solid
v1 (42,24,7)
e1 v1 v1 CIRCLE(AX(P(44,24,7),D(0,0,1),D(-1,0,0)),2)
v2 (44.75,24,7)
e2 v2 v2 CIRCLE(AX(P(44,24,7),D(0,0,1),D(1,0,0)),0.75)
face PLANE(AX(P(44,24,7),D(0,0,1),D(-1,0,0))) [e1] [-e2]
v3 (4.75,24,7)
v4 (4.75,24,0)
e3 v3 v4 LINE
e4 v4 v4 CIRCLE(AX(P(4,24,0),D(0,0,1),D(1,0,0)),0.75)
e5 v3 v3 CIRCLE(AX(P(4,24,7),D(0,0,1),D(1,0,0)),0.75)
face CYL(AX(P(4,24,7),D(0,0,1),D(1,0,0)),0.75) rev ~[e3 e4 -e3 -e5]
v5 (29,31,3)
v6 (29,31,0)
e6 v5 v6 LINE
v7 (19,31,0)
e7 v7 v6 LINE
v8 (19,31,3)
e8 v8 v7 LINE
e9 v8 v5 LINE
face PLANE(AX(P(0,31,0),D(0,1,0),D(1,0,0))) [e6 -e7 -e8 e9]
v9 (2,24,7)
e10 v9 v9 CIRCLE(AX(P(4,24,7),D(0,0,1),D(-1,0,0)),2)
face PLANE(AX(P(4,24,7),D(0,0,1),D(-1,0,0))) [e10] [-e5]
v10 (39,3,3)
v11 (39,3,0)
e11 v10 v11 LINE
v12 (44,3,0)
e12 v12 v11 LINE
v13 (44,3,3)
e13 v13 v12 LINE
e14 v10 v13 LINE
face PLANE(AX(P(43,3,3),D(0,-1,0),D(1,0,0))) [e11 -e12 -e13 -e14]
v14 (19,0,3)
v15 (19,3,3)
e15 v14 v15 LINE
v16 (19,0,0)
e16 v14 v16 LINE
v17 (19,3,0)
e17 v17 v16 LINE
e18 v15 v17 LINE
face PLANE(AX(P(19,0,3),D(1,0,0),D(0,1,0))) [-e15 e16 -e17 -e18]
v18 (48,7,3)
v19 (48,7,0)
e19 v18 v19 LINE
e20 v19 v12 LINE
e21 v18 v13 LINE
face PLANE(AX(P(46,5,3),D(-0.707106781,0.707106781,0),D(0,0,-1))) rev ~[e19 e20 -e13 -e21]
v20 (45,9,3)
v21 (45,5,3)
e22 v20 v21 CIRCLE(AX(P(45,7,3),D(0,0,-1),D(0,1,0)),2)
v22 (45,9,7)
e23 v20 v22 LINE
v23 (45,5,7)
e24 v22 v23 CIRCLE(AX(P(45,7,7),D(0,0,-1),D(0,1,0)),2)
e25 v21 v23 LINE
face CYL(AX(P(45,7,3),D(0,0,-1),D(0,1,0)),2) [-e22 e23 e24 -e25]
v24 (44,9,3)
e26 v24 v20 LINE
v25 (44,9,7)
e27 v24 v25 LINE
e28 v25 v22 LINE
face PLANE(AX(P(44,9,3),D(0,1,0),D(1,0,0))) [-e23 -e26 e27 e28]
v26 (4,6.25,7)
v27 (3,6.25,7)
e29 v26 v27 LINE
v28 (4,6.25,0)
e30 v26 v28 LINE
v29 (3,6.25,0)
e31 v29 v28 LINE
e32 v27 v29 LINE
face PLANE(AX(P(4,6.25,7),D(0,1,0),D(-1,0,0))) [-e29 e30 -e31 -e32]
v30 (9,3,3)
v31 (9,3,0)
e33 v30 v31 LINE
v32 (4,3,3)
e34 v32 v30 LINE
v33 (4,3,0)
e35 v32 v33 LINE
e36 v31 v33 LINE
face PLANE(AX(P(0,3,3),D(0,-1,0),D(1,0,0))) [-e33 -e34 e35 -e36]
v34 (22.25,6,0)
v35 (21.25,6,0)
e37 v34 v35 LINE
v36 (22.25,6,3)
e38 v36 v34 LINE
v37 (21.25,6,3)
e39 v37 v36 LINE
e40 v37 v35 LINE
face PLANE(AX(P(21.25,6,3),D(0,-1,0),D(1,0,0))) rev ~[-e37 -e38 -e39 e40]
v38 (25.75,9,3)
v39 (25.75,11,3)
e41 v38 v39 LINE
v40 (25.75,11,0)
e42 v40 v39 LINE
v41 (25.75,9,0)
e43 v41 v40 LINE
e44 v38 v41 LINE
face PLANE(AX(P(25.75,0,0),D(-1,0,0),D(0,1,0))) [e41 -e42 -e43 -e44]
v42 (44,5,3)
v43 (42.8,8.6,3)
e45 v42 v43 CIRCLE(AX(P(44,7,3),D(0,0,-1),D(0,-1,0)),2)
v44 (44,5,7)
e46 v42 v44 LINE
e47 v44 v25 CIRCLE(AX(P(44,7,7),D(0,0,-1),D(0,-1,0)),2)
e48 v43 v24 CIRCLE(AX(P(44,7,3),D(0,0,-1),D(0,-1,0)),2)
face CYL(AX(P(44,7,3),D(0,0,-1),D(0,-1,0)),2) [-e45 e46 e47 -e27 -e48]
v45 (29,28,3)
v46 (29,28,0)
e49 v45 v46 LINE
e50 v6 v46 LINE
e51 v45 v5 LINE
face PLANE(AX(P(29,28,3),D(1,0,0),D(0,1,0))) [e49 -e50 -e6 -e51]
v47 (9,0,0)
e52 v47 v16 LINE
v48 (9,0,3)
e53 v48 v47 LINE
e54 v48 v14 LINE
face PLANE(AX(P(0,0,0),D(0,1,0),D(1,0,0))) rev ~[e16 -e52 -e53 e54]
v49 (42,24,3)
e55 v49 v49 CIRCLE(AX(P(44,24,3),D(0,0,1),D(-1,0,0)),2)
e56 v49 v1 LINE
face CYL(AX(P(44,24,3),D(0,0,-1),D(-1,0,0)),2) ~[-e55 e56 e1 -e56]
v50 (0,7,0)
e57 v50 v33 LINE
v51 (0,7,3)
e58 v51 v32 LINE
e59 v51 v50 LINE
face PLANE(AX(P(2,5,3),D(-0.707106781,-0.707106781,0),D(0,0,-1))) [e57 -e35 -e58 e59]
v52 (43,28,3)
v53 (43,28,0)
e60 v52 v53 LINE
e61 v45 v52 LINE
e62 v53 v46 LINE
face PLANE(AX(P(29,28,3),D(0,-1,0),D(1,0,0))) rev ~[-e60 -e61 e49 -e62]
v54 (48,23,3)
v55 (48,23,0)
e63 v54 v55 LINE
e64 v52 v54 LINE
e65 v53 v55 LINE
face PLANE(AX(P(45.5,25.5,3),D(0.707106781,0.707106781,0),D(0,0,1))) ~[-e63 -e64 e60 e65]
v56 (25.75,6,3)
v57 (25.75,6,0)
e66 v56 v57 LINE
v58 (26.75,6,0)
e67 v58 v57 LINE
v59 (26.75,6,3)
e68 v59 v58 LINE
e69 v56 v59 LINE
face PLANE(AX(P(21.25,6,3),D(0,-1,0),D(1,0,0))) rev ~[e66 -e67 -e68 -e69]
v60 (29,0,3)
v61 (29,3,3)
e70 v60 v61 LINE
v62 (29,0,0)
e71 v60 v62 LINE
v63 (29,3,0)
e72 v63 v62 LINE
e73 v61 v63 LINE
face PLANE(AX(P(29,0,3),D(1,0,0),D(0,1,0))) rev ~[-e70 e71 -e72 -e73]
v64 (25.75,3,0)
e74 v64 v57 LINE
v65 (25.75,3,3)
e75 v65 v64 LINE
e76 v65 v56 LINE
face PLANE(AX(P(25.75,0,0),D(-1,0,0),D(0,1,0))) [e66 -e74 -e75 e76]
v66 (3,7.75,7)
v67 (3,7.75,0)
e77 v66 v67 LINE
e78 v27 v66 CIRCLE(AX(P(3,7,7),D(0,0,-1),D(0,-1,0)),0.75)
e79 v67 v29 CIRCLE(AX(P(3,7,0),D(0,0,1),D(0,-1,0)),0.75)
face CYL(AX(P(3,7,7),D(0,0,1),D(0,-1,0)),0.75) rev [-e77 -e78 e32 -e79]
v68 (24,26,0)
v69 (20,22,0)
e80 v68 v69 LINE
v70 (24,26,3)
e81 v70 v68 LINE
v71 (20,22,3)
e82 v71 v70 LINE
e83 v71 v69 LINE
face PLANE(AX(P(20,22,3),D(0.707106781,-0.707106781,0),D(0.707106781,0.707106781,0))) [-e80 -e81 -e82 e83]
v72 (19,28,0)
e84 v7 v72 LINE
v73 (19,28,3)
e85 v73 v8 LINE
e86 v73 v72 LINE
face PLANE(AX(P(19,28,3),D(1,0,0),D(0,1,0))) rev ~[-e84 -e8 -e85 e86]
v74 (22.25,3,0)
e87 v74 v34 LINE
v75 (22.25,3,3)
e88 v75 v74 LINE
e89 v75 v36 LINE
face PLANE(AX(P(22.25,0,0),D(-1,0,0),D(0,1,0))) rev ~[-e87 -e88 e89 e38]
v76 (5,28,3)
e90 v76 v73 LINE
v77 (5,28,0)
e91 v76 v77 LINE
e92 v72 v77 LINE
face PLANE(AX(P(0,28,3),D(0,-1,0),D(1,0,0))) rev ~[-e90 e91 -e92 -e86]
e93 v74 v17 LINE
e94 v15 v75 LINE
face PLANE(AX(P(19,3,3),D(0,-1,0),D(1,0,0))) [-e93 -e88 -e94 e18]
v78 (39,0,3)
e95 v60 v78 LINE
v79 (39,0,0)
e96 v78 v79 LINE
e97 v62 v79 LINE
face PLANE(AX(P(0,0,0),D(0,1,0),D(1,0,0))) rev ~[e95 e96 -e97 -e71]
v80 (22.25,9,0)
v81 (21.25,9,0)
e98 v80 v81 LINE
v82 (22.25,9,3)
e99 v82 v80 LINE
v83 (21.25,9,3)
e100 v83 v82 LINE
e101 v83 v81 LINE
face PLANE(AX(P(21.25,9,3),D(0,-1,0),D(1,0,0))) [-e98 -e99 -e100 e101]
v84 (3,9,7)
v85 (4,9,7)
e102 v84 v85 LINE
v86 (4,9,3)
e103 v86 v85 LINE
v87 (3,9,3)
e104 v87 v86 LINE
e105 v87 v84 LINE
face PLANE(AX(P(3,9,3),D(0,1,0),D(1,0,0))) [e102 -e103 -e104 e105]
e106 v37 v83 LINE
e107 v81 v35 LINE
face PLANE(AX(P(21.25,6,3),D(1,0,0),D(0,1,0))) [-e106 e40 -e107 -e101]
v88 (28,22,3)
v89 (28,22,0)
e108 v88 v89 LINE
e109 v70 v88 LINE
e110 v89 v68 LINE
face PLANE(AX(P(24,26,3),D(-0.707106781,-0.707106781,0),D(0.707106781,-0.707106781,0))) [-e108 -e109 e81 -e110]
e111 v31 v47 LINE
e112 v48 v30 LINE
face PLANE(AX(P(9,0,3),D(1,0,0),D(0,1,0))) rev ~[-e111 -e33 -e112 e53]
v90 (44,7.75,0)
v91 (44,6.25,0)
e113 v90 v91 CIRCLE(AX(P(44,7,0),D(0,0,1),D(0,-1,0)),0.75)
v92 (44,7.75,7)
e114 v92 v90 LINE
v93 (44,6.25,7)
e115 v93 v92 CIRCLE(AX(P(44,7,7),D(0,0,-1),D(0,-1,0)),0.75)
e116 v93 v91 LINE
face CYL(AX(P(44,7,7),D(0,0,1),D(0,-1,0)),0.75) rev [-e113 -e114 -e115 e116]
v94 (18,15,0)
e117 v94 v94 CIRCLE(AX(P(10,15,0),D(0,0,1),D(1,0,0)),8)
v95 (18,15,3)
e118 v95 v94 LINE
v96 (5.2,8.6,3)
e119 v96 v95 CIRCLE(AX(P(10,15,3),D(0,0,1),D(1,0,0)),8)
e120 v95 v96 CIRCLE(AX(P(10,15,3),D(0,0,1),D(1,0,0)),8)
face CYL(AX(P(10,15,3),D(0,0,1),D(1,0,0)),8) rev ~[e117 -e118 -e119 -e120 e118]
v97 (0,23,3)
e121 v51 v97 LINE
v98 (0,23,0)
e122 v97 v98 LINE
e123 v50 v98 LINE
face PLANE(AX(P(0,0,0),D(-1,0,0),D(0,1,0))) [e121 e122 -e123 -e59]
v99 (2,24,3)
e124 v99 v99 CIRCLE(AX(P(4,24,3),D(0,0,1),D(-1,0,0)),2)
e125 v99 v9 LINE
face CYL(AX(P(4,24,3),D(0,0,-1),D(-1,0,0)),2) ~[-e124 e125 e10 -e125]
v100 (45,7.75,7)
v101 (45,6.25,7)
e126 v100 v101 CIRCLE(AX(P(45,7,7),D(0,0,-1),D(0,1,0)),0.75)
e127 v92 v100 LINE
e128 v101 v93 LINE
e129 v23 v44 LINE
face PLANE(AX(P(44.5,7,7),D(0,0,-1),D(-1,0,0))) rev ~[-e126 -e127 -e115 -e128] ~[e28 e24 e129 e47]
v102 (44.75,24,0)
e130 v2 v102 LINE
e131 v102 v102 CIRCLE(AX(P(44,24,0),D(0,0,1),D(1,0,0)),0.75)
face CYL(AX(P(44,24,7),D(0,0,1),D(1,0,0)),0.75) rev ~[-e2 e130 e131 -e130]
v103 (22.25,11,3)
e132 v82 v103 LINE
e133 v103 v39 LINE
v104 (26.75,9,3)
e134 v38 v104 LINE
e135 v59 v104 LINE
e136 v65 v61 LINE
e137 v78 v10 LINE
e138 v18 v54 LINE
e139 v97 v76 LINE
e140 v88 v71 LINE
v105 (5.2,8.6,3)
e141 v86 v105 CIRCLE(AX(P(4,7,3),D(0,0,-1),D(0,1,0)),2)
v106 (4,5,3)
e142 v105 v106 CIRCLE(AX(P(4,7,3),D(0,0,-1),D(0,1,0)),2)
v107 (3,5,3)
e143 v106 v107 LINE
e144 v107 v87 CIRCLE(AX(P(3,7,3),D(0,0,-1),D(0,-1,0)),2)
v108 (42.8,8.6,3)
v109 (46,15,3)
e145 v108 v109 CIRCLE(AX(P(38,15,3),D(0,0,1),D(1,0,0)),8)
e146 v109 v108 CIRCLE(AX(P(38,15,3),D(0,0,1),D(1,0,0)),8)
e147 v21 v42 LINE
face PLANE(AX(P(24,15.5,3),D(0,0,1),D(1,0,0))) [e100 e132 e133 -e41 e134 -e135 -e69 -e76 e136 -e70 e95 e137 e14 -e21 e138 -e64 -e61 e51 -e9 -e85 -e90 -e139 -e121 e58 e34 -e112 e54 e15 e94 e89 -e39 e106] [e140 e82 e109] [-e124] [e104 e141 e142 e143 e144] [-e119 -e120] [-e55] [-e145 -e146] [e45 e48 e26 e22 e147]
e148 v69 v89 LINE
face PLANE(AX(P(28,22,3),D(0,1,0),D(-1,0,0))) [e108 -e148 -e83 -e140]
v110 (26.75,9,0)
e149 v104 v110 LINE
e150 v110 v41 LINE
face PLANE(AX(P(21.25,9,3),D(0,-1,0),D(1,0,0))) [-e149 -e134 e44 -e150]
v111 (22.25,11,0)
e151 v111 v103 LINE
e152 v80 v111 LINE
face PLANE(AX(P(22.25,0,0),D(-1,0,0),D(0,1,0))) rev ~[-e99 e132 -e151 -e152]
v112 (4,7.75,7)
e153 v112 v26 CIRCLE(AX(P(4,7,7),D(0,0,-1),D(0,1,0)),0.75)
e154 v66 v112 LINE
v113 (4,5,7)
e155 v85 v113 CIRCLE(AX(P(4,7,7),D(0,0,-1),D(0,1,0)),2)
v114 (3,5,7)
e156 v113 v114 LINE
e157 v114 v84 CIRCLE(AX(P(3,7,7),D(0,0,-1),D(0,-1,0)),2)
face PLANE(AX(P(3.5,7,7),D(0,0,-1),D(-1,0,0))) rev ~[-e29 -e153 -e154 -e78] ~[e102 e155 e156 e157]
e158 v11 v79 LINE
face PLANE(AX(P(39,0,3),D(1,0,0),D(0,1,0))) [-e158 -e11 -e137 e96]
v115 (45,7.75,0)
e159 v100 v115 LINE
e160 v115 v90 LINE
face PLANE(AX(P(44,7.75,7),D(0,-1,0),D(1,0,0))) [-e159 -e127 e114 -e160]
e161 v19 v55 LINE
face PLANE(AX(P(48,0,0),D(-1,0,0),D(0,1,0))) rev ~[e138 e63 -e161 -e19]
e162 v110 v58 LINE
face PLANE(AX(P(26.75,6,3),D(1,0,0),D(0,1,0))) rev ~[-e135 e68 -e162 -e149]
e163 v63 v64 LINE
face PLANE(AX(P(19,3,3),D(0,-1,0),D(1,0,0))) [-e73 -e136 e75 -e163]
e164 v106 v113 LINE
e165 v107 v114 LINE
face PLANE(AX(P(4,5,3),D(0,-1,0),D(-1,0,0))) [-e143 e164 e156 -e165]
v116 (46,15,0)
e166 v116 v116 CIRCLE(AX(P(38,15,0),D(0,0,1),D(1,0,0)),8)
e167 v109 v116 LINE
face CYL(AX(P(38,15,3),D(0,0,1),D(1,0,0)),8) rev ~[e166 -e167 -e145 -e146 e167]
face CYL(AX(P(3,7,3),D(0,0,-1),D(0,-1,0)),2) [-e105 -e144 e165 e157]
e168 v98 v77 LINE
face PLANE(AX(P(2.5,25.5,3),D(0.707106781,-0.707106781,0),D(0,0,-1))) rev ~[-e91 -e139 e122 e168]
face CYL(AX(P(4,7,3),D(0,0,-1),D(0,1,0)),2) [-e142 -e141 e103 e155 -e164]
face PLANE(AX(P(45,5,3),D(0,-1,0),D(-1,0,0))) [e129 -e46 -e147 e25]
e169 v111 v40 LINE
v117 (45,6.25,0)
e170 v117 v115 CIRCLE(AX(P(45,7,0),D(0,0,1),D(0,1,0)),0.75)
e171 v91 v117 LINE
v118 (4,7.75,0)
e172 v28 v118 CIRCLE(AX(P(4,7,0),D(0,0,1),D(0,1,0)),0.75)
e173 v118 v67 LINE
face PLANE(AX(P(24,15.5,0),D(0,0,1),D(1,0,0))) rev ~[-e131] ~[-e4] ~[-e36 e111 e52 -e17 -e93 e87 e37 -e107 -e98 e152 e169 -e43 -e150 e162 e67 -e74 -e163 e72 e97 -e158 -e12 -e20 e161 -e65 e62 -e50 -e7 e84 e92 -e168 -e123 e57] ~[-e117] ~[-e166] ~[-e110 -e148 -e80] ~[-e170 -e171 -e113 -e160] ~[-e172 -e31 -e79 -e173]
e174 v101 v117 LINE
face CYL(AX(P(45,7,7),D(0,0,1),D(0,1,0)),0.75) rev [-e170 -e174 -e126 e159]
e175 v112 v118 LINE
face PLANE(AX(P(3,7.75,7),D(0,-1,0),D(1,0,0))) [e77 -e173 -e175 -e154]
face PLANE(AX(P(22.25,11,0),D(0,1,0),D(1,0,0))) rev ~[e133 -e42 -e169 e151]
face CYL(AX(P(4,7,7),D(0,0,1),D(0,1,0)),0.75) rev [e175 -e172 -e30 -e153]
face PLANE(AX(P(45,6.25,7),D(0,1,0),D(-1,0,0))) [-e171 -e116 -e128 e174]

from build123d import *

# Parameters (mm, degrees)
ESQUISSE1_W              = 48
ESQUISSE1_H              = 31
BOSS_EXTRU_1_DEPTH       = 3
ENL_V_MAT_EXTRU_2_REACH  = 59.219
ESQUISSE3_W              = 10
ESQUISSE3_H              = 3
ENL_V_MAT_EXTRU_3_REACH  = 59.219
ESQUISSE4_W              = 5.5
ESQUISSE4_H              = 3
ENL_V_START              = -3
ESQUISSE5_W              = 3.5
ESQUISSE5_H              = 11
ENL_V_MAT_EXTRU_4_DEPTH  = 3
ENL_V_MAT_EXTRU_7_REACH  = 59.219
ESQUISSE8_W              = 5
ESQUISSE8_H              = 3
ENL_V_MAT_EXTRU_8_REACH  = 59.219
ESQUISSE9_W              = 5
ESQUISSE9_H              = 3
ENL_V_MAT_EXTRU_14_REACH = 59.219
ESQUISSE18_W             = 4
ESQUISSE18_H             = 3
ENL_V_MAT_EXTRU_19_REACH = 59.219
ESQUISSE23_W             = 4
ESQUISSE23_H             = 3
ENL_V_MAT_EXTRU_20_REACH = 59.219
ENL_V_MAT_EXTRU_21_REACH = 59.219
ESQUISSE25_W             = 19
ESQUISSE25_H             = 3
ENL_V_MAT_EXTRU_22_REACH = 59.219
ESQUISSE26_W             = 19
ESQUISSE26_H             = 3
ENL_V_MAT_EXTRU_23_REACH = 59.219
ESQUISSE27_R             = 8
ENL_V_MAT_EXTRU_24_REACH = 59.219
ESQUISSE28_R             = 8
ESQUISSE29_R             = 2
BOSS_EXTRU_5_DEPTH       = 4
ESQUISSE30_R             = 2
BOSS_EXTRU_6_DEPTH       = 4
ENL_V_MAT_EXTRU_25_REACH = 59.567
ESQUISSE31_R             = 0.75
ENL_V_MAT_EXTRU_26_REACH = 59.567
ESQUISSE32_R             = 0.75
BOSS_EXTRU_7_DEPTH       = 4
BOSS_EXTRU_8_DEPTH       = 4
ENL_V_MAT_EXTRU_27_REACH = 59.567
ENL_V_MAT_EXTRU_29_REACH = 59.567
CHANFREIN4_SIZE          = 5
CHANFREIN5_SIZE          = 4


with BuildPart() as part:
    # Esquisse1 → Boss.-Extru.1 (new body)
    with BuildSketch(Plane.XY):
        with Locations((24, 15.5)):
            Rectangle(ESQUISSE1_W, ESQUISSE1_H)
    extrude(amount=BOSS_EXTRU_1_DEPTH)

    # Esquisse3 → Enlèv. mat.-Extru.2 (cut, up to next)
    with BuildSketch(Plane.XY.offset(3), mode=Mode.PRIVATE) as enl_v_mat_extru_2_sk1:
        with Locations((24, 1.5)):
            Rectangle(ESQUISSE3_W, ESQUISSE3_H)
    enl_v_mat_extru_2_tool1 = extrude(enl_v_mat_extru_2_sk1.sketch, amount=-ENL_V_MAT_EXTRU_2_REACH, mode=Mode.PRIVATE) & part.part
    add(enl_v_mat_extru_2_tool1.solids().sort_by_distance((24, 1.5, 3))[0], mode=Mode.SUBTRACT)

    # Esquisse4 → Enlèv. mat.-Extru.3 (cut, up to next)
    with BuildSketch(Plane.XY.offset(3), mode=Mode.PRIVATE) as enl_v_mat_extru_3_sk1:
        with Locations((24, 7.5)):
            Rectangle(ESQUISSE4_W, ESQUISSE4_H)
    enl_v_mat_extru_3_tool1 = extrude(enl_v_mat_extru_3_sk1.sketch, amount=-ENL_V_MAT_EXTRU_3_REACH, mode=Mode.PRIVATE) & part.part
    add(enl_v_mat_extru_3_tool1.solids().sort_by_distance((24, 7.5, 3))[0], mode=Mode.SUBTRACT)

    # Esquisse5 → Enlèv. mat.-Extru.4 (cut)
    with BuildSketch(Plane.XY.offset(3).offset(ENL_V_START)):
        with Locations((24, 5.5)):
            Rectangle(ESQUISSE5_W, ESQUISSE5_H)
    extrude(amount=ENL_V_MAT_EXTRU_4_DEPTH, mode=Mode.SUBTRACT)

    # Esquisse8 → Enlèv. mat.-Extru.7 (cut, up to next)
    with BuildSketch(Plane.XY.offset(3), mode=Mode.PRIVATE) as enl_v_mat_extru_7_sk1:
        with Locations((2.5, 1.5)):
            Rectangle(ESQUISSE8_W, ESQUISSE8_H)
    enl_v_mat_extru_7_tool1 = extrude(enl_v_mat_extru_7_sk1.sketch, amount=-ENL_V_MAT_EXTRU_7_REACH, mode=Mode.PRIVATE) & part.part
    add(enl_v_mat_extru_7_tool1.solids().sort_by_distance((2.5, 1.5, 3))[0], mode=Mode.SUBTRACT)

    # Esquisse9 → Enlèv. mat.-Extru.8 (cut, up to next)
    with BuildSketch(Plane.XY.offset(3), mode=Mode.PRIVATE) as enl_v_mat_extru_8_sk1:
        with Locations((45.5, 1.5)):
            Rectangle(ESQUISSE9_W, ESQUISSE9_H)
    enl_v_mat_extru_8_tool1 = extrude(enl_v_mat_extru_8_sk1.sketch, amount=-ENL_V_MAT_EXTRU_8_REACH, mode=Mode.PRIVATE) & part.part
    add(enl_v_mat_extru_8_tool1.solids().sort_by_distance((45.5, 1.5, 3))[0], mode=Mode.SUBTRACT)

    # Esquisse18 → Enlèv. mat.-Extru.14 (cut, up to next)
    with BuildSketch(Plane.XY.offset(3), mode=Mode.PRIVATE) as enl_v_mat_extru_14_sk1:
        with Locations((41, 1.5)):
            Rectangle(ESQUISSE18_W, ESQUISSE18_H)
    enl_v_mat_extru_14_tool1 = extrude(enl_v_mat_extru_14_sk1.sketch, amount=-ENL_V_MAT_EXTRU_14_REACH, mode=Mode.PRIVATE) & part.part
    add(enl_v_mat_extru_14_tool1.solids().sort_by_distance((41, 1.5, 3))[0], mode=Mode.SUBTRACT)

    # Esquisse23 → Enlèv. mat.-Extru.19 (cut, up to next)
    with BuildSketch(Plane.XY.offset(3), mode=Mode.PRIVATE) as enl_v_mat_extru_19_sk1:
        with Locations((7, 1.5)):
            Rectangle(ESQUISSE23_W, ESQUISSE23_H)
    enl_v_mat_extru_19_tool1 = extrude(enl_v_mat_extru_19_sk1.sketch, amount=-ENL_V_MAT_EXTRU_19_REACH, mode=Mode.PRIVATE) & part.part
    add(enl_v_mat_extru_19_tool1.solids().sort_by_distance((7, 1.5, 3))[0], mode=Mode.SUBTRACT)

    # Esquisse24 → Enlèv. mat.-Extru.20 (cut, up to next)
    with BuildSketch(Plane.XY.offset(3), mode=Mode.PRIVATE) as enl_v_mat_extru_20_sk1:
        Polygon((20, 22), (24, 26), (28, 22), align=None)
    enl_v_mat_extru_20_tool1 = extrude(enl_v_mat_extru_20_sk1.sketch, amount=-ENL_V_MAT_EXTRU_20_REACH, mode=Mode.PRIVATE) & part.part
    add(enl_v_mat_extru_20_tool1.solids().sort_by_distance((24, 23.333333, 3))[0], mode=Mode.SUBTRACT)

    # Esquisse25 → Enlèv. mat.-Extru.21 (cut, up to next)
    with BuildSketch(Plane.XY.offset(3), mode=Mode.PRIVATE) as enl_v_mat_extru_21_sk1:
        with Locations((38.5, 29.5)):
            Rectangle(ESQUISSE25_W, ESQUISSE25_H)
    enl_v_mat_extru_21_tool1 = extrude(enl_v_mat_extru_21_sk1.sketch, amount=-ENL_V_MAT_EXTRU_21_REACH, mode=Mode.PRIVATE) & part.part
    add(enl_v_mat_extru_21_tool1.solids().sort_by_distance((38.5, 29.5, 3))[0], mode=Mode.SUBTRACT)

    # Esquisse26 → Enlèv. mat.-Extru.22 (cut, up to next)
    with BuildSketch(Plane.XY.offset(3), mode=Mode.PRIVATE) as enl_v_mat_extru_22_sk1:
        with Locations((9.5, 29.5)):
            Rectangle(ESQUISSE26_W, ESQUISSE26_H)
    enl_v_mat_extru_22_tool1 = extrude(enl_v_mat_extru_22_sk1.sketch, amount=-ENL_V_MAT_EXTRU_22_REACH, mode=Mode.PRIVATE) & part.part
    add(enl_v_mat_extru_22_tool1.solids().sort_by_distance((9.5, 29.5, 3))[0], mode=Mode.SUBTRACT)

    # Esquisse27 → Enlèv. mat.-Extru.23 (cut, up to next)
    with BuildSketch(Plane.XY.offset(3), mode=Mode.PRIVATE) as enl_v_mat_extru_23_sk1:
        with Locations((38, 15)):
            Circle(ESQUISSE27_R)
    enl_v_mat_extru_23_tool1 = extrude(enl_v_mat_extru_23_sk1.sketch, amount=-ENL_V_MAT_EXTRU_23_REACH, mode=Mode.PRIVATE) & part.part
    add(enl_v_mat_extru_23_tool1.solids().sort_by_distance((38, 15, 3))[0], mode=Mode.SUBTRACT)

    # Esquisse28 → Enlèv. mat.-Extru.24 (cut, up to next)
    with BuildSketch(Plane.XY.offset(3), mode=Mode.PRIVATE) as enl_v_mat_extru_24_sk1:
        with Locations((10, 15)):
            Circle(ESQUISSE28_R)
    enl_v_mat_extru_24_tool1 = extrude(enl_v_mat_extru_24_sk1.sketch, amount=-ENL_V_MAT_EXTRU_24_REACH, mode=Mode.PRIVATE) & part.part
    add(enl_v_mat_extru_24_tool1.solids().sort_by_distance((10, 15, 3))[0], mode=Mode.SUBTRACT)

    # Esquisse29 → Boss.-Extru.5 (add)
    with BuildSketch(Plane.XY.offset(3)):
        with Locations(Location((4, 24, 0), (0, 0, 180))):
            Circle(ESQUISSE29_R)
    extrude(amount=BOSS_EXTRU_5_DEPTH)

    # Esquisse30 → Boss.-Extru.6 (add)
    with BuildSketch(Plane.XY.offset(3)):
        with Locations(Location((44, 24, 0), (0, 0, 180))):
            Circle(ESQUISSE30_R)
    extrude(amount=BOSS_EXTRU_6_DEPTH)

    # Esquisse31 → Enlèv. mat.-Extru.25 (cut, up to next)
    with BuildSketch(Plane.XY.offset(7), mode=Mode.PRIVATE) as enl_v_mat_extru_25_sk1:
        with Locations((4, 24)):
            Circle(ESQUISSE31_R)
    enl_v_mat_extru_25_tool1 = extrude(enl_v_mat_extru_25_sk1.sketch, amount=-ENL_V_MAT_EXTRU_25_REACH, mode=Mode.PRIVATE) & part.part
    add(enl_v_mat_extru_25_tool1.solids().sort_by_distance((4, 24, 7))[0], mode=Mode.SUBTRACT)

    # Esquisse32 → Enlèv. mat.-Extru.26 (cut, up to next)
    with BuildSketch(Plane.XY.offset(7), mode=Mode.PRIVATE) as enl_v_mat_extru_26_sk1:
        with Locations((44, 24)):
            Circle(ESQUISSE32_R)
    enl_v_mat_extru_26_tool1 = extrude(enl_v_mat_extru_26_sk1.sketch, amount=-ENL_V_MAT_EXTRU_26_REACH, mode=Mode.PRIVATE) & part.part
    add(enl_v_mat_extru_26_tool1.solids().sort_by_distance((44, 24, 7))[0], mode=Mode.SUBTRACT)

    # Esquisse33 → Boss.-Extru.7 (add)
    with BuildSketch(Plane.XY.offset(3)):
        with BuildLine():
            Line((3, 9), (4, 9))
            ThreePointArc((4, 9), (6, 7), (4, 5))
            Line((4, 5), (3, 5))
            ThreePointArc((3, 5), (1, 7), (3, 9))
        make_face()
    extrude(amount=BOSS_EXTRU_7_DEPTH)

    # Esquisse34 → Boss.-Extru.8 (add)
    with BuildSketch(Plane.XY.offset(3)):
        with BuildLine():
            Line((44, 9), (45, 9))
            ThreePointArc((45, 9), (47, 7), (45, 5))
            Line((45, 5), (44, 5))
            ThreePointArc((44, 5), (42, 7), (44, 9))
        make_face()
    extrude(amount=BOSS_EXTRU_8_DEPTH)

    # Esquisse35 → Enlèv. mat.-Extru.27 (cut, up to next)
    with BuildSketch(Plane.XY.offset(7), mode=Mode.PRIVATE) as enl_v_mat_extru_27_sk1:
        with BuildLine():
            Line((3, 7.75), (4, 7.75))
            ThreePointArc((4, 7.75), (4.75, 7), (4, 6.25))
            Line((4, 6.25), (3, 6.25))
            ThreePointArc((3, 6.25), (2.25, 7), (3, 7.75))
        make_face()
    enl_v_mat_extru_27_tool1 = extrude(enl_v_mat_extru_27_sk1.sketch, amount=-ENL_V_MAT_EXTRU_27_REACH, mode=Mode.PRIVATE) & part.part
    add(enl_v_mat_extru_27_tool1.solids().sort_by_distance((3.5, 7, 7))[0], mode=Mode.SUBTRACT)

    # Esquisse37 → Enlèv. mat.-Extru.29 (cut, up to next)
    with BuildSketch(Plane.XY.offset(7), mode=Mode.PRIVATE) as enl_v_mat_extru_29_sk1:
        with BuildLine():
            Line((44, 7.75), (45, 7.75))
            ThreePointArc((45, 7.75), (45.75, 7), (45, 6.25))
            Line((45, 6.25), (44, 6.25))
            ThreePointArc((44, 6.25), (43.25, 7), (44, 7.75))
        make_face()
    enl_v_mat_extru_29_tool1 = extrude(enl_v_mat_extru_29_sk1.sketch, amount=-ENL_V_MAT_EXTRU_29_REACH, mode=Mode.PRIVATE) & part.part
    add(enl_v_mat_extru_29_tool1.solids().sort_by_distance((44.5, 7, 7))[0], mode=Mode.SUBTRACT)

    # Chanfrein4
    chanfrein4_edges = [part.edges().sort_by_distance(p)[0] for p in [
        (48, 28, 1.5),
        (0, 28, 1.5),
    ]]
    chamfer(chanfrein4_edges, length=CHANFREIN4_SIZE)

    # Chanfrein5
    chanfrein5_edges = [part.edges().sort_by_distance(p)[0] for p in [
        (0, 3, 1.5),
        (48, 3, 1.5),
    ]]
    chamfer(chanfrein5_edges, length=CHANFREIN5_SIZE)


solid = part.part
